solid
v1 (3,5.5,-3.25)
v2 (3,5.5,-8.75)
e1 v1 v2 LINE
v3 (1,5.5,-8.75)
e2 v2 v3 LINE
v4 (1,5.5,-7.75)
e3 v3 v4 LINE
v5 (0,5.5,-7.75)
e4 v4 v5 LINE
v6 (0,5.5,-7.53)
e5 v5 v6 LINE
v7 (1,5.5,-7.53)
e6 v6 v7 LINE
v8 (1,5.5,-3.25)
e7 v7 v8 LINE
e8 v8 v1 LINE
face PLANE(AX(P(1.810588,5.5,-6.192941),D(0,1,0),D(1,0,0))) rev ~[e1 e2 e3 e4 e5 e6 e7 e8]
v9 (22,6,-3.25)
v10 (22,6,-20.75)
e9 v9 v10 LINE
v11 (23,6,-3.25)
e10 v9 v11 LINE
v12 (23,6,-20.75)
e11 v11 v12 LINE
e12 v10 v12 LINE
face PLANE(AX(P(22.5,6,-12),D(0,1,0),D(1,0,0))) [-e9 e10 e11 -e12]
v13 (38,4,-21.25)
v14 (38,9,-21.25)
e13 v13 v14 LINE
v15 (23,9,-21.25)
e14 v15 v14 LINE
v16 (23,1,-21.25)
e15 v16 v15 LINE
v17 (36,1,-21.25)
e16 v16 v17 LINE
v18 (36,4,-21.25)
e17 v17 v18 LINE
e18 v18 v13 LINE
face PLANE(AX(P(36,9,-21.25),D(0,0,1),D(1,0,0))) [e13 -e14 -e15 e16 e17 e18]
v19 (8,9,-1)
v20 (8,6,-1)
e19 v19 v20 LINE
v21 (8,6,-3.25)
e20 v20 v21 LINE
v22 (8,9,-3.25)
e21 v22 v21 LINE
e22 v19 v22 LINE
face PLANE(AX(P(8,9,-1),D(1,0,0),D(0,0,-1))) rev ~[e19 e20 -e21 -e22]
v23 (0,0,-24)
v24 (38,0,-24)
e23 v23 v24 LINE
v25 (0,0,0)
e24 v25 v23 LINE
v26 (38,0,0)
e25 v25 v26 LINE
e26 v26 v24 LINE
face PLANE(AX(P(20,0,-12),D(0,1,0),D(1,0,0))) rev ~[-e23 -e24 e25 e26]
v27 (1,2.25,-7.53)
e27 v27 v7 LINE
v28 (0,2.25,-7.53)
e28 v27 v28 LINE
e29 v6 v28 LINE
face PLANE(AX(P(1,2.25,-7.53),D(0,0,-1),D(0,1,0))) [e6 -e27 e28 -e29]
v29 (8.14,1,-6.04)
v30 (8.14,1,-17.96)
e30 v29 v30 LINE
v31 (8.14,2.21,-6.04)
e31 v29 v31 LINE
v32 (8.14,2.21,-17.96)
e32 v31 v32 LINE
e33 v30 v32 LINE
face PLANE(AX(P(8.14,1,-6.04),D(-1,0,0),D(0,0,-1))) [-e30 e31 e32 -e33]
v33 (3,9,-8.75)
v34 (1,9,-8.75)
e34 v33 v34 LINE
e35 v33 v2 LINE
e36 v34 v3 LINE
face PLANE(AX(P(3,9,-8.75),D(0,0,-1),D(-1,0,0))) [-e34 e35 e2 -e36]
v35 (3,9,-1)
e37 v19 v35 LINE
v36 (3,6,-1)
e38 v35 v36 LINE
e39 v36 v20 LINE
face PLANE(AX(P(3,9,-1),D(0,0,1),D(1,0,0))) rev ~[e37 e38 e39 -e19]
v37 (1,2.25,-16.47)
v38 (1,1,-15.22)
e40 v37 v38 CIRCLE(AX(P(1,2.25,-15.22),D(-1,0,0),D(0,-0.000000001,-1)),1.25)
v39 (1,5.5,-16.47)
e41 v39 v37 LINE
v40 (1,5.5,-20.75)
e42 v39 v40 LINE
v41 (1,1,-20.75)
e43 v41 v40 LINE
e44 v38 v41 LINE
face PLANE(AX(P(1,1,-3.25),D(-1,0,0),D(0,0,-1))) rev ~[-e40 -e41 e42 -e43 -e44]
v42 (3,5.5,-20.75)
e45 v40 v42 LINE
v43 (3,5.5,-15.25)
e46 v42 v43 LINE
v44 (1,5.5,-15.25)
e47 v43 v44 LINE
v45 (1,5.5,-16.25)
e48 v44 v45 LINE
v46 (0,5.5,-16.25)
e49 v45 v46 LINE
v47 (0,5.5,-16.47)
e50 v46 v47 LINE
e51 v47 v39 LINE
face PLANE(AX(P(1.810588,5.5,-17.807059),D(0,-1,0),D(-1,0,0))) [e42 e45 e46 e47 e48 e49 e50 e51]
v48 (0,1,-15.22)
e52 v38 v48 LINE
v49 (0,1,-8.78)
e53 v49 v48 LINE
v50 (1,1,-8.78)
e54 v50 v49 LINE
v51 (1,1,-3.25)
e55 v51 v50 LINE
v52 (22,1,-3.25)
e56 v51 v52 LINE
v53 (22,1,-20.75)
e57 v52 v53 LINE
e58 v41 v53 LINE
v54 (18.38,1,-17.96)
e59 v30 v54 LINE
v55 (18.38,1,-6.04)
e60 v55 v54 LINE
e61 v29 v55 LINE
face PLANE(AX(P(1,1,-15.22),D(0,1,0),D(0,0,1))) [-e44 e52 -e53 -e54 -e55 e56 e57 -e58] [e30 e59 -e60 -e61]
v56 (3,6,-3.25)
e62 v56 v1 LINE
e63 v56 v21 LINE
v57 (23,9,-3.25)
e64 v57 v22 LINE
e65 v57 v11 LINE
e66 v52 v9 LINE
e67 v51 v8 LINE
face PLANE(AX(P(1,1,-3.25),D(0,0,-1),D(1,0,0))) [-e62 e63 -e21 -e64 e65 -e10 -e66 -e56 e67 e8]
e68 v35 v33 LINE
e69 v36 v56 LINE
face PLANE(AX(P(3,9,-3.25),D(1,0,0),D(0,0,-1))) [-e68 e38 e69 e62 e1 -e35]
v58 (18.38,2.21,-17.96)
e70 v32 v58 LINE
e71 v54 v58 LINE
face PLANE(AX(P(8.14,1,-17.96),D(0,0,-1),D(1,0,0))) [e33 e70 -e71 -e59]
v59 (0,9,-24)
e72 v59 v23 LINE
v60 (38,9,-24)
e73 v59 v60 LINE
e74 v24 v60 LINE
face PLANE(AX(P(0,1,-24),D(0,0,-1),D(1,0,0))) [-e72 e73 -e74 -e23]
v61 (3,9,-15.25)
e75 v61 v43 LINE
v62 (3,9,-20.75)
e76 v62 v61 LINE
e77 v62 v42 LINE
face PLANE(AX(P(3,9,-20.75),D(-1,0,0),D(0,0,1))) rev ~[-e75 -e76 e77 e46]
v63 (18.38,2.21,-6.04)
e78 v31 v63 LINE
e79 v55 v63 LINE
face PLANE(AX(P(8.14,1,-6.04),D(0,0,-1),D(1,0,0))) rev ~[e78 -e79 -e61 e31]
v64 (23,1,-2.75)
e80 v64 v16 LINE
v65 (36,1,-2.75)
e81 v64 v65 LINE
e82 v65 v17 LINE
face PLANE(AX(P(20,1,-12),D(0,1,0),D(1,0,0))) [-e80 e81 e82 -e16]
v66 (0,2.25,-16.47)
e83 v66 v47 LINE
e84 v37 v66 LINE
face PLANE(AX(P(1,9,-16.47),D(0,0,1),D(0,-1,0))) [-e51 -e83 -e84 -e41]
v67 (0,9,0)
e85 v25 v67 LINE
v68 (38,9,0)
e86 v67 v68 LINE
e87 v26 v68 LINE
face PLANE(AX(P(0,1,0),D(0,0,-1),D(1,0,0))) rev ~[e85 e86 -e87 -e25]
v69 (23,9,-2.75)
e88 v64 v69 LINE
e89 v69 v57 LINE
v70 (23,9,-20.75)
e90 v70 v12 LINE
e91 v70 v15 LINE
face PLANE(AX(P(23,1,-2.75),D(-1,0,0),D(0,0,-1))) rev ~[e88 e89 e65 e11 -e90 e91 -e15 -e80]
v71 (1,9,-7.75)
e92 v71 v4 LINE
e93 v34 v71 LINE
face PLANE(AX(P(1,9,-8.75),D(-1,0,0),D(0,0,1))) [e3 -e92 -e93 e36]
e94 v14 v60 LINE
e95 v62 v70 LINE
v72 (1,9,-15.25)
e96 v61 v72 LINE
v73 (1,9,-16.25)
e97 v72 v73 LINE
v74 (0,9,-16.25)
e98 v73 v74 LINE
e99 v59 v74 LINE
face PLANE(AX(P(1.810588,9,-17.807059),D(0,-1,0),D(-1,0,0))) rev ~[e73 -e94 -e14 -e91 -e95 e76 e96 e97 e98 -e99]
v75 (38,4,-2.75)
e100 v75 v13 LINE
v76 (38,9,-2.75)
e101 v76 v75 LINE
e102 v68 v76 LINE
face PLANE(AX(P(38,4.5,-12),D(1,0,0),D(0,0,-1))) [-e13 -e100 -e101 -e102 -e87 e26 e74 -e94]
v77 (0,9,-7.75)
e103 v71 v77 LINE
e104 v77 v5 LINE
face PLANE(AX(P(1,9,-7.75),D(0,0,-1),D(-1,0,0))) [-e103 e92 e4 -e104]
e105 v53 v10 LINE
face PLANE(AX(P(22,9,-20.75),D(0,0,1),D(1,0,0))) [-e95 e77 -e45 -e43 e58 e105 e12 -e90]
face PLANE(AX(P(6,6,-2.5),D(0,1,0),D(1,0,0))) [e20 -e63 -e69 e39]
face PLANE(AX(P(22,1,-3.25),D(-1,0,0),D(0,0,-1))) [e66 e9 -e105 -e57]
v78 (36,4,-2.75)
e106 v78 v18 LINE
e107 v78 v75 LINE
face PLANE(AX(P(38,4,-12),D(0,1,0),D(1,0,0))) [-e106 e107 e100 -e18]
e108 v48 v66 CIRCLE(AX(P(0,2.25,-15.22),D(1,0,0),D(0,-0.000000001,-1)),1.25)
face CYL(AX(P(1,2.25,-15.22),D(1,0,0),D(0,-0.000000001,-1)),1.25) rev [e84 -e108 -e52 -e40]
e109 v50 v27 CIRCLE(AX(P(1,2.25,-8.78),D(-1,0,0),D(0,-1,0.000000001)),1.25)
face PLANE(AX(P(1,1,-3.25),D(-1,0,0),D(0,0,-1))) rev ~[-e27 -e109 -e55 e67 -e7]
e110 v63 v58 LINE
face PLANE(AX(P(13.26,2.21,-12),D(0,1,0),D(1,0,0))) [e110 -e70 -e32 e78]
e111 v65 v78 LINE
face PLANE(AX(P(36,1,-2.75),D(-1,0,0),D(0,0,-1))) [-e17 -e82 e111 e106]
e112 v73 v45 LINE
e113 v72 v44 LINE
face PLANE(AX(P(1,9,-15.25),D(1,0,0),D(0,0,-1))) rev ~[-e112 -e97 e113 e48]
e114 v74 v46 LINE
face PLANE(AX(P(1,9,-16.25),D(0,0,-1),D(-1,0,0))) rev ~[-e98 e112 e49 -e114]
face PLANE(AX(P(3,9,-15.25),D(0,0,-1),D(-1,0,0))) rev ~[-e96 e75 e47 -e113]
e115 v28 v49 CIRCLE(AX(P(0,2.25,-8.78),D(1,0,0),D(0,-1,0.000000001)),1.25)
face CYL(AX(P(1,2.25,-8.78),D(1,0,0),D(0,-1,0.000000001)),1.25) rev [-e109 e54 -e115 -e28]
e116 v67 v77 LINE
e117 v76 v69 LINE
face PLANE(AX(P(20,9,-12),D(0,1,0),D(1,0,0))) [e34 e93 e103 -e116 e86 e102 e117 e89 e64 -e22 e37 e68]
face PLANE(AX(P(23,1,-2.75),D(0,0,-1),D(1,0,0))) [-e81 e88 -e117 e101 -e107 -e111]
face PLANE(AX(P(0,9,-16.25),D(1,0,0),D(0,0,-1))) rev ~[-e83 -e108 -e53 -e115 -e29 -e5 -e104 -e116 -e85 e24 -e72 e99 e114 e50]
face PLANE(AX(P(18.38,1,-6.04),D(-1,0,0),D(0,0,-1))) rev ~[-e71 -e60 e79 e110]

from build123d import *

# Parameters (mm, degrees)
SKETCH1_W           = 40
SKETCH1_H           = 24
BOSS_EXTRUDE1_DEPTH = 1
SKETCH2_W           = 40
SKETCH2_H           = 24
SKETCH2_W_2         = 21
SKETCH2_H_2         = 17.5
SKETCH2_W_3         = 13
SKETCH2_H_3         = 18.5
BOSS_EXTRUDE3_DEPTH = 8
SKETCH3_W           = 1
SKETCH3_H           = 17.5
CUT_EXTRUDE2_DEPTH  = 3
SKETCH4_W           = 10.24
SKETCH4_H           = 11.92
BOSS_EXTRUDE4_DEPTH = 1.21
CUT_EXTRUDE3_DEPTH  = 2
SKETCH8_W           = 4
SKETCH8_H           = 18.5
CUT_EXTRUDE4_DEPTH  = 5
SKETCH11_W          = 24
SKETCH11_H          = 9
CUT_EXTRUDE5_DEPTH  = 2
SKETCH12_W          = 4
SKETCH12_H          = 3
CUT_EXTRUDE6_DEPTH  = 3
BOSS_EXTRUDE5_DEPTH = 3.5
SKETCH14_W          = 1
SKETCH14_H          = 2.25
CUT_EXTRUDE7_DEPTH  = 3


with BuildPart() as part:
    # Sketch1 → Boss-Extrude1 (new body)
    with BuildSketch(Plane(origin=(0, 0, 0), x_dir=(1, 0, 0), z_dir=(0, 1, 0))):
        with Locations((20, 12)):
            Rectangle(SKETCH1_W, SKETCH1_H)
    extrude(amount=BOSS_EXTRUDE1_DEPTH)

    # Sketch2 → Boss-Extrude3 (add)
    with BuildSketch(Plane(origin=(0, 1, 0), x_dir=(1, 0, 0), z_dir=(0, 1, 0))):
        with Locations((20, 12)):
            Rectangle(SKETCH2_W, SKETCH2_H)
        with Locations((11.5, 12)):
            Rectangle(SKETCH2_W_2, SKETCH2_H_2, mode=Mode.SUBTRACT)
        with Locations((29.5, 12)):
            Rectangle(SKETCH2_W_3, SKETCH2_H_3, mode=Mode.SUBTRACT)
    extrude(amount=BOSS_EXTRUDE3_DEPTH)

    # Sketch3 → Cut-Extrude2 (cut)
    with BuildSketch(Plane(origin=(0, 9, 0), x_dir=(1, 0, 0), z_dir=(0, 1, 0))):
        with Locations((22.5, 12)):
            Rectangle(SKETCH3_W, SKETCH3_H)
    extrude(amount=-CUT_EXTRUDE2_DEPTH, mode=Mode.SUBTRACT)

    # Sketch4 → Boss-Extrude4 (add)
    with BuildSketch(Plane(origin=(0, 1, 0), x_dir=(1, 0, 0), z_dir=(0, 1, 0))):
        with Locations((13.26, 12)):
            Rectangle(SKETCH4_W, SKETCH4_H)
    extrude(amount=BOSS_EXTRUDE4_DEPTH)

    # Sketch5 → Cut-Extrude3 (cut)
    with BuildSketch(Plane(origin=(1, 0, 0), x_dir=(0, 0, -1), z_dir=(1, 0, 0))):
        with BuildLine():
            Line((7.53, 2.25), (7.53, 2.96))
            Line((7.53, 2.96), (7.53, 9))
            Line((7.53, 9), (16.47, 9))
            Line((16.47, 9), (16.47, 2.96))
            Line((16.47, 2.96), (16.47, 2.25))
            ThreePointArc((16.47, 2.25), (16.103883476, 1.366116524), (15.22, 1))
            Line((15.22, 1), (8.78, 1))
            ThreePointArc((8.78, 1), (7.896116524, 1.366116524), (7.53, 2.25))
        make_face()
    extrude(amount=-CUT_EXTRUDE3_DEPTH, mode=Mode.SUBTRACT)

    # Sketch8 → Cut-Extrude4 (cut)
    with BuildSketch(Plane(origin=(0, 9, 0), x_dir=(1, 0, 0), z_dir=(0, 1, 0))):
        with Locations((38, 12)):
            Rectangle(SKETCH8_W, SKETCH8_H)
    extrude(amount=-CUT_EXTRUDE4_DEPTH, mode=Mode.SUBTRACT)

    # Sketch11 → Cut-Extrude5 (cut)
    with BuildSketch(Plane(origin=(40, 0, 0), x_dir=(0, 0, -1), z_dir=(1, 0, 0))):
        with Locations((12, 4.5)):
            Rectangle(SKETCH11_W, SKETCH11_H)
    extrude(amount=-CUT_EXTRUDE5_DEPTH, mode=Mode.SUBTRACT)

    # Sketch12 → Cut-Extrude6 (cut)
    with BuildSketch(Plane(origin=(0, 9, 0), x_dir=(1, 0, 0), z_dir=(0, 1, 0))):
        with Locations((6, 2.5)):
            Rectangle(SKETCH12_W, SKETCH12_H)
    extrude(amount=-CUT_EXTRUDE6_DEPTH, mode=Mode.SUBTRACT)

    # Sketch13 → Boss-Extrude5 (add)
    with BuildSketch(Plane(origin=(0, 9, 0), x_dir=(1, 0, 0), z_dir=(0, 1, 0))):
        Polygon((1, 16.47), (1, 20.75), (3, 20.75), (3, 15.25), (1, 15.25), (1, 16.25), (0, 16.25), (0, 16.47), align=None)
        Polygon((1, 3.25), (3, 3.25), (3, 8.75), (1, 8.75), (1, 7.75), (0, 7.75), (0, 7.53), (1, 7.53), align=None)
    extrude(amount=-BOSS_EXTRUDE5_DEPTH)

    # Sketch14 → Cut-Extrude7 (cut)
    with BuildSketch(Plane(origin=(0, 9, 0), x_dir=(1, 0, 0), z_dir=(0, 1, 0))):
        with Locations((3.5, 2.125)):
            Rectangle(SKETCH14_W, SKETCH14_H)
    extrude(amount=-CUT_EXTRUDE7_DEPTH, mode=Mode.SUBTRACT)


solid = part.part
